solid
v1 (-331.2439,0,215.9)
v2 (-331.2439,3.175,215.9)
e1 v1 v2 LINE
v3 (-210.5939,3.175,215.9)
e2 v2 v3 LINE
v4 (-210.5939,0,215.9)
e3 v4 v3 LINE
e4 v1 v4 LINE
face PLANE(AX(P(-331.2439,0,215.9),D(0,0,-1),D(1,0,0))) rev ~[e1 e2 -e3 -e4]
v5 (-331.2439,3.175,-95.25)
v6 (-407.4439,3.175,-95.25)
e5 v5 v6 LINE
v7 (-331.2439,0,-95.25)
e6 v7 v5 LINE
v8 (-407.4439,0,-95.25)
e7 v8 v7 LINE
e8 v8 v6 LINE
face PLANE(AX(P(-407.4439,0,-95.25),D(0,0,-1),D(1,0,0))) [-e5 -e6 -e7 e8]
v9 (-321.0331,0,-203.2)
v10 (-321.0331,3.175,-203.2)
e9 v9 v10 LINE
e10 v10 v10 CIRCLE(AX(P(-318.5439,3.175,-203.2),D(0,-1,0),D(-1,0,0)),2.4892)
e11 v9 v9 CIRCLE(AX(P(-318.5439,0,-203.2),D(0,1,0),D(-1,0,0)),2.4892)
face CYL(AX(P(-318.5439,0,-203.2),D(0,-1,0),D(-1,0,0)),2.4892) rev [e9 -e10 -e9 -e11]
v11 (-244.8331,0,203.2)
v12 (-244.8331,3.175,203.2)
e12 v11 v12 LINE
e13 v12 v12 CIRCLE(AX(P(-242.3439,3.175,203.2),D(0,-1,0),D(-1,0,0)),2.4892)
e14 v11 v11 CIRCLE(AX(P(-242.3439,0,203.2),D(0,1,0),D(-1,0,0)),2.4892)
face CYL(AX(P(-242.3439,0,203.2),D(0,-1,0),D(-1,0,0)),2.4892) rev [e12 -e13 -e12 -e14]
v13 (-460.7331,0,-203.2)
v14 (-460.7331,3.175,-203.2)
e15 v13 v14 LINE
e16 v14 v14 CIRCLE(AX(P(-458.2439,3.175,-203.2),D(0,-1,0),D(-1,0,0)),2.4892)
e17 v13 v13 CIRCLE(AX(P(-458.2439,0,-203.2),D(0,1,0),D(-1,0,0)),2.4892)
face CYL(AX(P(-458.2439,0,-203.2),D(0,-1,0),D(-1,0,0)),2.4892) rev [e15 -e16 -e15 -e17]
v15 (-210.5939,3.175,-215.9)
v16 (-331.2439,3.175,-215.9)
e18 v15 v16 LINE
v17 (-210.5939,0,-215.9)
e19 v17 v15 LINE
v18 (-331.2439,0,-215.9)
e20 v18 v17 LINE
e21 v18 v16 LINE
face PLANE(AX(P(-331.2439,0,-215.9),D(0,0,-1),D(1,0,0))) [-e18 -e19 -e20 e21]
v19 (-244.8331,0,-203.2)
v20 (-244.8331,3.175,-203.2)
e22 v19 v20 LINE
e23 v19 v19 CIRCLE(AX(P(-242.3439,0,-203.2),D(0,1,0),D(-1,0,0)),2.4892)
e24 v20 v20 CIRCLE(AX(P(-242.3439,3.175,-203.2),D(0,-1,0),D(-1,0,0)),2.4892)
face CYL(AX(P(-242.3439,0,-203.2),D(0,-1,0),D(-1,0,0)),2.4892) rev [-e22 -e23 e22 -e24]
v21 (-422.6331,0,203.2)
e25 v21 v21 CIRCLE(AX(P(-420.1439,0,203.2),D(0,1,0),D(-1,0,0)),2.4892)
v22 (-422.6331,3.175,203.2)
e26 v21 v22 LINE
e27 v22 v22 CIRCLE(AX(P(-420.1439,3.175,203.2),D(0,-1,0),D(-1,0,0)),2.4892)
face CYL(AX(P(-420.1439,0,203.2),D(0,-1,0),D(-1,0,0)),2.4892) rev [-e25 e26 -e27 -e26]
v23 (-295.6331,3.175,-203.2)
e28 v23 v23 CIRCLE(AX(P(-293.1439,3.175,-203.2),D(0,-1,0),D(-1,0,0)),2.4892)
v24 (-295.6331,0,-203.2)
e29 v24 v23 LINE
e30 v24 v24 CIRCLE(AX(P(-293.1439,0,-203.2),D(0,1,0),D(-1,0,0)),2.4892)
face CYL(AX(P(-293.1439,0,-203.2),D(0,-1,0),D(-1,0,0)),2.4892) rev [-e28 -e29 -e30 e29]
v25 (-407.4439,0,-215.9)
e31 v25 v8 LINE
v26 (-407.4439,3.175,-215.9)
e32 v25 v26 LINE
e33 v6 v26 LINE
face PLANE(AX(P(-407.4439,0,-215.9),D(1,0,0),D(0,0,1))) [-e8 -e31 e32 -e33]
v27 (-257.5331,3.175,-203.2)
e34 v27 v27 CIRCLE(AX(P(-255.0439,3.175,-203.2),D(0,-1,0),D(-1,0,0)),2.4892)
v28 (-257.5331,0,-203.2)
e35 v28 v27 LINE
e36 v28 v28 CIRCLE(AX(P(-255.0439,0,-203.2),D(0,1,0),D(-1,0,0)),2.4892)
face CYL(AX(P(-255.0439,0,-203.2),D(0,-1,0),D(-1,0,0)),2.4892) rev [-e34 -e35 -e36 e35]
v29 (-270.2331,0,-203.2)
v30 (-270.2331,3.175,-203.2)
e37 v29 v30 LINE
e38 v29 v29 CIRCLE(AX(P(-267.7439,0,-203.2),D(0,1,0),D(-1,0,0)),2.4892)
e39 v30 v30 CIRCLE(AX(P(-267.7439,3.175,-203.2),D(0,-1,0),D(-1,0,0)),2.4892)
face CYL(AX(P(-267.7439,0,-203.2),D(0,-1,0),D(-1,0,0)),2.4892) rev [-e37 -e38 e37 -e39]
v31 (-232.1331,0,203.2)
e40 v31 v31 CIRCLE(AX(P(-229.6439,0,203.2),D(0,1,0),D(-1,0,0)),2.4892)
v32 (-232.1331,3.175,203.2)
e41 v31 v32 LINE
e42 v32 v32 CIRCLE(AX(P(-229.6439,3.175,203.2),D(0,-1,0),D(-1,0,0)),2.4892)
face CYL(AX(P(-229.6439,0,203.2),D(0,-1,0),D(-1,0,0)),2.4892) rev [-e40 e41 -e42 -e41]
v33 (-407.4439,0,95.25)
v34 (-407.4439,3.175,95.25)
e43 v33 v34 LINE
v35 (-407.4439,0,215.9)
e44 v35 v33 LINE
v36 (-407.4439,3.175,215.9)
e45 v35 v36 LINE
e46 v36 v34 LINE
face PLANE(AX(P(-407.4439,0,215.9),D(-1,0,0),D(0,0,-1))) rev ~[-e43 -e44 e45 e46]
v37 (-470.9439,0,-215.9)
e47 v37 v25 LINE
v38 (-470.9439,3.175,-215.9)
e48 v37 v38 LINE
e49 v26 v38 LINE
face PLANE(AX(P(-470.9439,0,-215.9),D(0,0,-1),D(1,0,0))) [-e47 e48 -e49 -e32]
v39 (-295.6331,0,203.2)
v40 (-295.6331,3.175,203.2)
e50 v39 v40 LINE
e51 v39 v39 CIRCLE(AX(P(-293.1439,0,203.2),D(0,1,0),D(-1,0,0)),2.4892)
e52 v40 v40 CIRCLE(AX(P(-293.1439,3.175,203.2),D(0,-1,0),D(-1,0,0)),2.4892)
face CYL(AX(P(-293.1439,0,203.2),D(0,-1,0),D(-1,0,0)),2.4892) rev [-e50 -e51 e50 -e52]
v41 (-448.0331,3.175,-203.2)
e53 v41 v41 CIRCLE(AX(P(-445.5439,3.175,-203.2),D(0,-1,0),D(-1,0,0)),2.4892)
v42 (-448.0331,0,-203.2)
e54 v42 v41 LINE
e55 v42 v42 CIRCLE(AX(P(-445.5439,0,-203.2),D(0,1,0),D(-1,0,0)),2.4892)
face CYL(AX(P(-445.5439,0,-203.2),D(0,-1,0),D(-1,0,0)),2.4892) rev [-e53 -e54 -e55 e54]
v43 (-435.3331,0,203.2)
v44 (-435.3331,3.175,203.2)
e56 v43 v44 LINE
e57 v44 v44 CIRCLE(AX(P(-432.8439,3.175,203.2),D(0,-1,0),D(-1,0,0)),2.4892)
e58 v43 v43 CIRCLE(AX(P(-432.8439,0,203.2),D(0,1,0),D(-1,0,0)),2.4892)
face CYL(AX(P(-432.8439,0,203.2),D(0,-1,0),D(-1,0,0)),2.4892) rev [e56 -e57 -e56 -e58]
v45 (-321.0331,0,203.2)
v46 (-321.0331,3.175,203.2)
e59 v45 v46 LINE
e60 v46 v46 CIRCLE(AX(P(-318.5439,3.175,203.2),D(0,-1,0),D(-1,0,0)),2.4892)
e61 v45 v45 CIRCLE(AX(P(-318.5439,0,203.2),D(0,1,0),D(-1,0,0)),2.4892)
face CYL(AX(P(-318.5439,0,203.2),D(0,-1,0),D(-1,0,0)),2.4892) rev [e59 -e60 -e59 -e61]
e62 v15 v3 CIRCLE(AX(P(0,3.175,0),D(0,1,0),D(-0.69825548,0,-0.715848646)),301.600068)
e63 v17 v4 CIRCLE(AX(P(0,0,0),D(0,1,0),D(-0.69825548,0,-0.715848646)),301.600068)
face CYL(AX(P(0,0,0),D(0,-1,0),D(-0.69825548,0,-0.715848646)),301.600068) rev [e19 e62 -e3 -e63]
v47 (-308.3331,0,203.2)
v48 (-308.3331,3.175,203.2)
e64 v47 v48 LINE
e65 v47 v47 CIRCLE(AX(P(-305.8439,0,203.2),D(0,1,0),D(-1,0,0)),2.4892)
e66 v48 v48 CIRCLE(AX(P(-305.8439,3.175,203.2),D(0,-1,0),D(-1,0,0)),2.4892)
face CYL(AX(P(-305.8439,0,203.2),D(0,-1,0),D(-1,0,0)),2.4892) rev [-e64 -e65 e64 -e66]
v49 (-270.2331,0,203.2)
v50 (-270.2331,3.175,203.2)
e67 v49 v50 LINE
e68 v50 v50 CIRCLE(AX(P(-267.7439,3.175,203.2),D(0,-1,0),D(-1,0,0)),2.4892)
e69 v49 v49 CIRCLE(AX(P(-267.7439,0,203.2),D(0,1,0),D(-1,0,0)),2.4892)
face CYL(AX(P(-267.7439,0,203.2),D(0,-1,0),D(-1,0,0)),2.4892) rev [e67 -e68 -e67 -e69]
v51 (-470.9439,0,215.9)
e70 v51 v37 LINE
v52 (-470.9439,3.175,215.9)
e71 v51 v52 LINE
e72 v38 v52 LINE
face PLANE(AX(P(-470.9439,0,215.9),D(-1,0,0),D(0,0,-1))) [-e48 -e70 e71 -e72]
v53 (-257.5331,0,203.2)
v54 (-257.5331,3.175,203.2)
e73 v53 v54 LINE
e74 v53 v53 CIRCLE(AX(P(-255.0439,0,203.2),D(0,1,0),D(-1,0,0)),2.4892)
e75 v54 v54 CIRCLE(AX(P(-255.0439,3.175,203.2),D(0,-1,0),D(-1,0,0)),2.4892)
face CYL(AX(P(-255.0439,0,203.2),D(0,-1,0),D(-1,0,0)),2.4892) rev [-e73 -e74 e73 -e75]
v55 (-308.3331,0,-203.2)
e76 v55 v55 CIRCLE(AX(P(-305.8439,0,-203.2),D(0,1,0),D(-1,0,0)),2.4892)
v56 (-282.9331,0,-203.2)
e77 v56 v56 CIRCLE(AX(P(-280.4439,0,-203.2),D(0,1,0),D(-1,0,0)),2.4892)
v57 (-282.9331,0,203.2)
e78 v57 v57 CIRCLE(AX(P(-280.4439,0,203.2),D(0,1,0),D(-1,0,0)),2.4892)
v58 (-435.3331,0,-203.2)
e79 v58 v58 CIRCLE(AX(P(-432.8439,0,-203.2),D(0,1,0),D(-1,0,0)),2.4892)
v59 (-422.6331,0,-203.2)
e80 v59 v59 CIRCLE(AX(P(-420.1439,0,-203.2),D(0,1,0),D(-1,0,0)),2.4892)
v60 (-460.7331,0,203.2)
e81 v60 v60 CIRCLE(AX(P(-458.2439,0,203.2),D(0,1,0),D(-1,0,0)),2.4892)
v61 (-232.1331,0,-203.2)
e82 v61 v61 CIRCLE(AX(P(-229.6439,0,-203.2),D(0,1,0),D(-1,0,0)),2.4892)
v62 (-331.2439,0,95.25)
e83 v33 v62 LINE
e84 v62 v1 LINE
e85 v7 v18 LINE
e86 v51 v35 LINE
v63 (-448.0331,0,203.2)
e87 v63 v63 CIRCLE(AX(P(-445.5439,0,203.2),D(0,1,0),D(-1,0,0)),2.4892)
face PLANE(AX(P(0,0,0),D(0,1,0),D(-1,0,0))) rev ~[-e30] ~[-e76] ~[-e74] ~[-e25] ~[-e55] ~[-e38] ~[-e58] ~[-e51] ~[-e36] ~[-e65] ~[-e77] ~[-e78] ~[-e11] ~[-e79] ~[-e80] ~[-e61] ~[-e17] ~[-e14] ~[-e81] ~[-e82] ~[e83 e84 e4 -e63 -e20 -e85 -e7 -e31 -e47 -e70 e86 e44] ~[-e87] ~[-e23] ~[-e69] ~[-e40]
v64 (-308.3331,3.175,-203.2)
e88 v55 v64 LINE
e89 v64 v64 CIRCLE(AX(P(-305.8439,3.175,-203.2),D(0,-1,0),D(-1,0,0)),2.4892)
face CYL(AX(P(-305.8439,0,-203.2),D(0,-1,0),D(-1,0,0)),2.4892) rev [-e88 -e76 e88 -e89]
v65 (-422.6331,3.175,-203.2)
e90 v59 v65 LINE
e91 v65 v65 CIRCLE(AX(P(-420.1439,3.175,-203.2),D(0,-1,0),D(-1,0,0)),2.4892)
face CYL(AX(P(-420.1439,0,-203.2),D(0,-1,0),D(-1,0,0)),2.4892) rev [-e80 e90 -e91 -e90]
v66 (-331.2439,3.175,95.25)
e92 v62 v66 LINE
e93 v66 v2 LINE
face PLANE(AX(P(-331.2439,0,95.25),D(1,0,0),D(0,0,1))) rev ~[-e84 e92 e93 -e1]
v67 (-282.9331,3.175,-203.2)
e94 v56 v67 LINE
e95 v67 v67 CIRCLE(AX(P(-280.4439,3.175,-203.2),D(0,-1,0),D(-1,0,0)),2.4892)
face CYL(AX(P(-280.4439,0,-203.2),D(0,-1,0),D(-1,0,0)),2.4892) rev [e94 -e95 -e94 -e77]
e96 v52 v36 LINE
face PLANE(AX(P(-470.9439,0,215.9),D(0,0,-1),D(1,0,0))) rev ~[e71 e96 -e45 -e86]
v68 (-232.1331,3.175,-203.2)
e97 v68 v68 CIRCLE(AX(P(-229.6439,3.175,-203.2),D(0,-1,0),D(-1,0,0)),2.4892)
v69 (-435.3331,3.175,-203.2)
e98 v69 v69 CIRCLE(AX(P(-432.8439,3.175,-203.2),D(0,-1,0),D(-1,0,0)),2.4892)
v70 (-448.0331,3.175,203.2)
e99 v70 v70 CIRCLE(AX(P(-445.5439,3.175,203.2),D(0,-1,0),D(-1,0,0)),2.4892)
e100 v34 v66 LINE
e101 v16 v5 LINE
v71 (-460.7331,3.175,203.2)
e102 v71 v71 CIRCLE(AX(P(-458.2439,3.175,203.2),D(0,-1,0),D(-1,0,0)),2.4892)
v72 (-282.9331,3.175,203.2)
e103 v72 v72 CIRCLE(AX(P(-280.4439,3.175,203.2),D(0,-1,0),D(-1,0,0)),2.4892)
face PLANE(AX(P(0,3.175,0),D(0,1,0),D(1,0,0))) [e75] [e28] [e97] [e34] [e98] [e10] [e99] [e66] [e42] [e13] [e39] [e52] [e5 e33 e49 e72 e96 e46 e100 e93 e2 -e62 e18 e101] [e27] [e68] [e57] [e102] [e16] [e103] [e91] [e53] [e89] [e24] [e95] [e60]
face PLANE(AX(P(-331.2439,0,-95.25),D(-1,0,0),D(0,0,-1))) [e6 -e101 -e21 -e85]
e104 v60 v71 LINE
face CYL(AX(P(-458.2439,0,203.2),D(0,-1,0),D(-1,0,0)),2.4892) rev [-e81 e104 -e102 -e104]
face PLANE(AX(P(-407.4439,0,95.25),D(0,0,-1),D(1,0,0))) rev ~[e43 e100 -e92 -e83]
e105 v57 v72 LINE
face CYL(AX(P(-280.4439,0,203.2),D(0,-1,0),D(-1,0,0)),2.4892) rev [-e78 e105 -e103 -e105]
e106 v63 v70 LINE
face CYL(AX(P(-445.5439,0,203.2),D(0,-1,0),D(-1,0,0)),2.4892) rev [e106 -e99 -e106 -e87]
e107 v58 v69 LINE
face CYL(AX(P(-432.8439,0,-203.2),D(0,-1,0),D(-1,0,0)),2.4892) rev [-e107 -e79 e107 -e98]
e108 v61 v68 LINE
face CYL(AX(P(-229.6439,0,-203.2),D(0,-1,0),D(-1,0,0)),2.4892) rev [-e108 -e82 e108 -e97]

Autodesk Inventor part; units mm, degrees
ref_plane "YZ Plane" through (0, 0, 0) normal (1, 0, 0) x (0, 1, 0)
ref_plane "XZ Plane" through (0, 0, 0) normal (0, 1, 0) x (-1, 0, 0)
ref_plane "XY Plane" through (0, 0, 0) normal (0, 0, 1) x (1, 0, 0)
sketch "Sketch1" plane through (0, 0, 0) normal (0, 1, 0) x (-1, 0, 0)
  arc A0 (210.5939, -215.9) -> (210.5939, 215.9) centre (0, 0) ccw
  line L0 (470.9439, 215.9) -> (470.9439, -215.9)
  line L1 (470.9439, 215.9) -> (407.4439, 215.9)
  line L2 (407.4439, 215.9) -> (407.4439, 95.25)
  line L3 (407.4439, 95.25) -> (331.2439, 95.25)
  line L4 (331.2439, 95.25) -> (331.2439, 215.9)
  line L5 (470.9439, -215.9) -> (407.4439, -215.9)
  line L6 (407.4439, -215.9) -> (407.4439, -95.25)
  line L7 (407.4439, -95.25) -> (331.2439, -95.25)
  line L8 (331.2439, -95.25) -> (331.2439, -215.9)
  line L9 (331.2439, 215.9) -> (210.5939, 215.9)
  line L10 (331.2439, -215.9) -> (210.5939, -215.9)
  circle A1 centre (458.2439, 203.2) radius 2.4892
  circle A2 centre (445.5439, 203.2) radius 2.4892
  circle A3 centre (432.8439, 203.2) radius 2.4892
  circle A4 centre (420.1439, 203.2) radius 2.4892
  circle A5 centre (318.5439, 203.2) radius 2.4892
  circle A6 centre (305.8439, 203.2) radius 2.4892
  circle A7 centre (293.1439, 203.2) radius 2.4892
  circle A8 centre (280.4439, 203.2) radius 2.4892
  circle A9 centre (267.7439, 203.2) radius 2.4892
  circle A10 centre (255.0439, 203.2) radius 2.4892
  circle A11 centre (242.3439, 203.2) radius 2.4892
  circle A12 centre (229.6439, 203.2) radius 2.4892
  line L11 (597.6164, 0) -> (168.2721, 0) construction
  circle A13 centre (458.2439, -203.2) radius 2.4892
  circle A14 centre (445.5439, -203.2) radius 2.4892
  circle A15 centre (432.8439, -203.2) radius 2.4892
  circle A16 centre (420.1439, -203.2) radius 2.4892
  circle A17 centre (318.5439, -203.2) radius 2.4892
  circle A18 centre (305.8439, -203.2) radius 2.4892
  circle A19 centre (293.1439, -203.2) radius 2.4892
  circle A20 centre (280.4439, -203.2) radius 2.4892
  circle A21 centre (267.7439, -203.2) radius 2.4892
  circle A22 centre (255.0439, -203.2) radius 2.4892
  circle A23 centre (242.3439, -203.2) radius 2.4892
  circle A24 centre (229.6439, -203.2) radius 2.4892
  dimension "d0" = 603.2002
  dimension "d1" = 431.8
  dimension "d2" = 63.5
  dimension "d3" = 120.65
  dimension "d4" = 76.2
  dimension "d5" = 63.5
  dimension "d6" = 120.65
  dimension "d7" = 76.2
  dimension "d8" = 120.65
  dimension "d9" = 120.65
  dimension "d10" = 4.9784
  dimension "d11" = 12.7
  dimension "d12" = 12.7
  dimension "d15" = 12.7
  dimension "d20" = 4.9784
  dimension "d21" = 12.7
  dimension "d22" = 12.7
  dimension "d25" = 12.7
  dimension "d30" = 12.7
extrude "Extrusion1" add sketch "Sketch1" along normal blind 6.35
sketch "Sketch2" plane through (0, 6.35, 0) normal (0, 1, 0) x (1, 0, 0)
  line L0 (-407.4439, -215.9) -> (-407.4439, -95.25) projected
  line L1 (-407.4439, -95.25) -> (-331.2439, -95.25) projected
  line L2 (-331.2439, -95.25) -> (-331.2439, -215.9) projected
  line L3 (-331.2439, -215.9) -> (-210.5939, -215.9) projected
  arc A0 (-210.5939, 215.9) -> (-210.5939, -215.9) centre (0, 0) ccw projected
  line L4 (-210.5939, 215.9) -> (-331.2439, 215.9) projected
  line L5 (-331.2439, 215.9) -> (-331.2439, 95.25) projected
  line L6 (-331.2439, 95.25) -> (-407.4439, 95.25) projected
  line L7 (-407.4439, 95.25) -> (-407.4439, 215.9) projected
  line L8 (-407.4439, 215.9) -> (-470.9439, 215.9) projected
  line L9 (-470.9439, 215.9) -> (-470.9439, -215.9) projected
  line L10 (-470.9439, -215.9) -> (-407.4439, -215.9) projected
  circle A1 centre (-305.8439, 203.2) radius 2.4892 projected
  circle A2 centre (-458.2439, 203.2) radius 2.4892 projected
  circle A3 centre (-432.8439, 203.2) radius 2.4892 projected
  circle A4 centre (-420.1439, 203.2) radius 2.4892 projected
  circle A5 centre (-305.8439, -203.2) radius 2.4892 projected
  circle A6 centre (-318.5439, -203.2) radius 2.4892 projected
  circle A7 centre (-420.1439, -203.2) radius 2.4892 projected
  circle A8 centre (-432.8439, -203.2) radius 2.4892 projected
  circle A9 centre (-445.5439, -203.2) radius 2.4892 projected
  circle A10 centre (-458.2439, -203.2) radius 2.4892 projected
  circle A11 centre (-445.5439, 203.2) radius 2.4892 projected
  circle A12 centre (-318.5439, 203.2) radius 2.4892 projected
  circle A13 centre (-293.1439, 203.2) radius 2.4892 projected
  circle A14 centre (-280.4439, 203.2) radius 2.4892 projected
  circle A15 centre (-267.7439, 203.2) radius 2.4892 projected
  circle A16 centre (-255.0439, 203.2) radius 2.4892 projected
  circle A17 centre (-242.3439, 203.2) radius 2.4892 projected
  circle A18 centre (-229.6439, 203.2) radius 2.4892 projected
  circle A19 centre (-229.6439, -203.2) radius 2.4892 projected
  circle A20 centre (-242.3439, -203.2) radius 2.4892 projected
  circle A21 centre (-255.0439, -203.2) radius 2.4892 projected
  circle A22 centre (-267.7439, -203.2) radius 2.4892 projected
  circle A23 centre (-280.4439, -203.2) radius 2.4892 projected
  circle A24 centre (-293.1439, -203.2) radius 2.4892 projected
extrude "Extrusion2" cut sketch "Sketch2" against normal blind 3.175
properties part number "Polycarbonate-Note-Intakaur-Cover" material "Polycarbonate, Smoke"
